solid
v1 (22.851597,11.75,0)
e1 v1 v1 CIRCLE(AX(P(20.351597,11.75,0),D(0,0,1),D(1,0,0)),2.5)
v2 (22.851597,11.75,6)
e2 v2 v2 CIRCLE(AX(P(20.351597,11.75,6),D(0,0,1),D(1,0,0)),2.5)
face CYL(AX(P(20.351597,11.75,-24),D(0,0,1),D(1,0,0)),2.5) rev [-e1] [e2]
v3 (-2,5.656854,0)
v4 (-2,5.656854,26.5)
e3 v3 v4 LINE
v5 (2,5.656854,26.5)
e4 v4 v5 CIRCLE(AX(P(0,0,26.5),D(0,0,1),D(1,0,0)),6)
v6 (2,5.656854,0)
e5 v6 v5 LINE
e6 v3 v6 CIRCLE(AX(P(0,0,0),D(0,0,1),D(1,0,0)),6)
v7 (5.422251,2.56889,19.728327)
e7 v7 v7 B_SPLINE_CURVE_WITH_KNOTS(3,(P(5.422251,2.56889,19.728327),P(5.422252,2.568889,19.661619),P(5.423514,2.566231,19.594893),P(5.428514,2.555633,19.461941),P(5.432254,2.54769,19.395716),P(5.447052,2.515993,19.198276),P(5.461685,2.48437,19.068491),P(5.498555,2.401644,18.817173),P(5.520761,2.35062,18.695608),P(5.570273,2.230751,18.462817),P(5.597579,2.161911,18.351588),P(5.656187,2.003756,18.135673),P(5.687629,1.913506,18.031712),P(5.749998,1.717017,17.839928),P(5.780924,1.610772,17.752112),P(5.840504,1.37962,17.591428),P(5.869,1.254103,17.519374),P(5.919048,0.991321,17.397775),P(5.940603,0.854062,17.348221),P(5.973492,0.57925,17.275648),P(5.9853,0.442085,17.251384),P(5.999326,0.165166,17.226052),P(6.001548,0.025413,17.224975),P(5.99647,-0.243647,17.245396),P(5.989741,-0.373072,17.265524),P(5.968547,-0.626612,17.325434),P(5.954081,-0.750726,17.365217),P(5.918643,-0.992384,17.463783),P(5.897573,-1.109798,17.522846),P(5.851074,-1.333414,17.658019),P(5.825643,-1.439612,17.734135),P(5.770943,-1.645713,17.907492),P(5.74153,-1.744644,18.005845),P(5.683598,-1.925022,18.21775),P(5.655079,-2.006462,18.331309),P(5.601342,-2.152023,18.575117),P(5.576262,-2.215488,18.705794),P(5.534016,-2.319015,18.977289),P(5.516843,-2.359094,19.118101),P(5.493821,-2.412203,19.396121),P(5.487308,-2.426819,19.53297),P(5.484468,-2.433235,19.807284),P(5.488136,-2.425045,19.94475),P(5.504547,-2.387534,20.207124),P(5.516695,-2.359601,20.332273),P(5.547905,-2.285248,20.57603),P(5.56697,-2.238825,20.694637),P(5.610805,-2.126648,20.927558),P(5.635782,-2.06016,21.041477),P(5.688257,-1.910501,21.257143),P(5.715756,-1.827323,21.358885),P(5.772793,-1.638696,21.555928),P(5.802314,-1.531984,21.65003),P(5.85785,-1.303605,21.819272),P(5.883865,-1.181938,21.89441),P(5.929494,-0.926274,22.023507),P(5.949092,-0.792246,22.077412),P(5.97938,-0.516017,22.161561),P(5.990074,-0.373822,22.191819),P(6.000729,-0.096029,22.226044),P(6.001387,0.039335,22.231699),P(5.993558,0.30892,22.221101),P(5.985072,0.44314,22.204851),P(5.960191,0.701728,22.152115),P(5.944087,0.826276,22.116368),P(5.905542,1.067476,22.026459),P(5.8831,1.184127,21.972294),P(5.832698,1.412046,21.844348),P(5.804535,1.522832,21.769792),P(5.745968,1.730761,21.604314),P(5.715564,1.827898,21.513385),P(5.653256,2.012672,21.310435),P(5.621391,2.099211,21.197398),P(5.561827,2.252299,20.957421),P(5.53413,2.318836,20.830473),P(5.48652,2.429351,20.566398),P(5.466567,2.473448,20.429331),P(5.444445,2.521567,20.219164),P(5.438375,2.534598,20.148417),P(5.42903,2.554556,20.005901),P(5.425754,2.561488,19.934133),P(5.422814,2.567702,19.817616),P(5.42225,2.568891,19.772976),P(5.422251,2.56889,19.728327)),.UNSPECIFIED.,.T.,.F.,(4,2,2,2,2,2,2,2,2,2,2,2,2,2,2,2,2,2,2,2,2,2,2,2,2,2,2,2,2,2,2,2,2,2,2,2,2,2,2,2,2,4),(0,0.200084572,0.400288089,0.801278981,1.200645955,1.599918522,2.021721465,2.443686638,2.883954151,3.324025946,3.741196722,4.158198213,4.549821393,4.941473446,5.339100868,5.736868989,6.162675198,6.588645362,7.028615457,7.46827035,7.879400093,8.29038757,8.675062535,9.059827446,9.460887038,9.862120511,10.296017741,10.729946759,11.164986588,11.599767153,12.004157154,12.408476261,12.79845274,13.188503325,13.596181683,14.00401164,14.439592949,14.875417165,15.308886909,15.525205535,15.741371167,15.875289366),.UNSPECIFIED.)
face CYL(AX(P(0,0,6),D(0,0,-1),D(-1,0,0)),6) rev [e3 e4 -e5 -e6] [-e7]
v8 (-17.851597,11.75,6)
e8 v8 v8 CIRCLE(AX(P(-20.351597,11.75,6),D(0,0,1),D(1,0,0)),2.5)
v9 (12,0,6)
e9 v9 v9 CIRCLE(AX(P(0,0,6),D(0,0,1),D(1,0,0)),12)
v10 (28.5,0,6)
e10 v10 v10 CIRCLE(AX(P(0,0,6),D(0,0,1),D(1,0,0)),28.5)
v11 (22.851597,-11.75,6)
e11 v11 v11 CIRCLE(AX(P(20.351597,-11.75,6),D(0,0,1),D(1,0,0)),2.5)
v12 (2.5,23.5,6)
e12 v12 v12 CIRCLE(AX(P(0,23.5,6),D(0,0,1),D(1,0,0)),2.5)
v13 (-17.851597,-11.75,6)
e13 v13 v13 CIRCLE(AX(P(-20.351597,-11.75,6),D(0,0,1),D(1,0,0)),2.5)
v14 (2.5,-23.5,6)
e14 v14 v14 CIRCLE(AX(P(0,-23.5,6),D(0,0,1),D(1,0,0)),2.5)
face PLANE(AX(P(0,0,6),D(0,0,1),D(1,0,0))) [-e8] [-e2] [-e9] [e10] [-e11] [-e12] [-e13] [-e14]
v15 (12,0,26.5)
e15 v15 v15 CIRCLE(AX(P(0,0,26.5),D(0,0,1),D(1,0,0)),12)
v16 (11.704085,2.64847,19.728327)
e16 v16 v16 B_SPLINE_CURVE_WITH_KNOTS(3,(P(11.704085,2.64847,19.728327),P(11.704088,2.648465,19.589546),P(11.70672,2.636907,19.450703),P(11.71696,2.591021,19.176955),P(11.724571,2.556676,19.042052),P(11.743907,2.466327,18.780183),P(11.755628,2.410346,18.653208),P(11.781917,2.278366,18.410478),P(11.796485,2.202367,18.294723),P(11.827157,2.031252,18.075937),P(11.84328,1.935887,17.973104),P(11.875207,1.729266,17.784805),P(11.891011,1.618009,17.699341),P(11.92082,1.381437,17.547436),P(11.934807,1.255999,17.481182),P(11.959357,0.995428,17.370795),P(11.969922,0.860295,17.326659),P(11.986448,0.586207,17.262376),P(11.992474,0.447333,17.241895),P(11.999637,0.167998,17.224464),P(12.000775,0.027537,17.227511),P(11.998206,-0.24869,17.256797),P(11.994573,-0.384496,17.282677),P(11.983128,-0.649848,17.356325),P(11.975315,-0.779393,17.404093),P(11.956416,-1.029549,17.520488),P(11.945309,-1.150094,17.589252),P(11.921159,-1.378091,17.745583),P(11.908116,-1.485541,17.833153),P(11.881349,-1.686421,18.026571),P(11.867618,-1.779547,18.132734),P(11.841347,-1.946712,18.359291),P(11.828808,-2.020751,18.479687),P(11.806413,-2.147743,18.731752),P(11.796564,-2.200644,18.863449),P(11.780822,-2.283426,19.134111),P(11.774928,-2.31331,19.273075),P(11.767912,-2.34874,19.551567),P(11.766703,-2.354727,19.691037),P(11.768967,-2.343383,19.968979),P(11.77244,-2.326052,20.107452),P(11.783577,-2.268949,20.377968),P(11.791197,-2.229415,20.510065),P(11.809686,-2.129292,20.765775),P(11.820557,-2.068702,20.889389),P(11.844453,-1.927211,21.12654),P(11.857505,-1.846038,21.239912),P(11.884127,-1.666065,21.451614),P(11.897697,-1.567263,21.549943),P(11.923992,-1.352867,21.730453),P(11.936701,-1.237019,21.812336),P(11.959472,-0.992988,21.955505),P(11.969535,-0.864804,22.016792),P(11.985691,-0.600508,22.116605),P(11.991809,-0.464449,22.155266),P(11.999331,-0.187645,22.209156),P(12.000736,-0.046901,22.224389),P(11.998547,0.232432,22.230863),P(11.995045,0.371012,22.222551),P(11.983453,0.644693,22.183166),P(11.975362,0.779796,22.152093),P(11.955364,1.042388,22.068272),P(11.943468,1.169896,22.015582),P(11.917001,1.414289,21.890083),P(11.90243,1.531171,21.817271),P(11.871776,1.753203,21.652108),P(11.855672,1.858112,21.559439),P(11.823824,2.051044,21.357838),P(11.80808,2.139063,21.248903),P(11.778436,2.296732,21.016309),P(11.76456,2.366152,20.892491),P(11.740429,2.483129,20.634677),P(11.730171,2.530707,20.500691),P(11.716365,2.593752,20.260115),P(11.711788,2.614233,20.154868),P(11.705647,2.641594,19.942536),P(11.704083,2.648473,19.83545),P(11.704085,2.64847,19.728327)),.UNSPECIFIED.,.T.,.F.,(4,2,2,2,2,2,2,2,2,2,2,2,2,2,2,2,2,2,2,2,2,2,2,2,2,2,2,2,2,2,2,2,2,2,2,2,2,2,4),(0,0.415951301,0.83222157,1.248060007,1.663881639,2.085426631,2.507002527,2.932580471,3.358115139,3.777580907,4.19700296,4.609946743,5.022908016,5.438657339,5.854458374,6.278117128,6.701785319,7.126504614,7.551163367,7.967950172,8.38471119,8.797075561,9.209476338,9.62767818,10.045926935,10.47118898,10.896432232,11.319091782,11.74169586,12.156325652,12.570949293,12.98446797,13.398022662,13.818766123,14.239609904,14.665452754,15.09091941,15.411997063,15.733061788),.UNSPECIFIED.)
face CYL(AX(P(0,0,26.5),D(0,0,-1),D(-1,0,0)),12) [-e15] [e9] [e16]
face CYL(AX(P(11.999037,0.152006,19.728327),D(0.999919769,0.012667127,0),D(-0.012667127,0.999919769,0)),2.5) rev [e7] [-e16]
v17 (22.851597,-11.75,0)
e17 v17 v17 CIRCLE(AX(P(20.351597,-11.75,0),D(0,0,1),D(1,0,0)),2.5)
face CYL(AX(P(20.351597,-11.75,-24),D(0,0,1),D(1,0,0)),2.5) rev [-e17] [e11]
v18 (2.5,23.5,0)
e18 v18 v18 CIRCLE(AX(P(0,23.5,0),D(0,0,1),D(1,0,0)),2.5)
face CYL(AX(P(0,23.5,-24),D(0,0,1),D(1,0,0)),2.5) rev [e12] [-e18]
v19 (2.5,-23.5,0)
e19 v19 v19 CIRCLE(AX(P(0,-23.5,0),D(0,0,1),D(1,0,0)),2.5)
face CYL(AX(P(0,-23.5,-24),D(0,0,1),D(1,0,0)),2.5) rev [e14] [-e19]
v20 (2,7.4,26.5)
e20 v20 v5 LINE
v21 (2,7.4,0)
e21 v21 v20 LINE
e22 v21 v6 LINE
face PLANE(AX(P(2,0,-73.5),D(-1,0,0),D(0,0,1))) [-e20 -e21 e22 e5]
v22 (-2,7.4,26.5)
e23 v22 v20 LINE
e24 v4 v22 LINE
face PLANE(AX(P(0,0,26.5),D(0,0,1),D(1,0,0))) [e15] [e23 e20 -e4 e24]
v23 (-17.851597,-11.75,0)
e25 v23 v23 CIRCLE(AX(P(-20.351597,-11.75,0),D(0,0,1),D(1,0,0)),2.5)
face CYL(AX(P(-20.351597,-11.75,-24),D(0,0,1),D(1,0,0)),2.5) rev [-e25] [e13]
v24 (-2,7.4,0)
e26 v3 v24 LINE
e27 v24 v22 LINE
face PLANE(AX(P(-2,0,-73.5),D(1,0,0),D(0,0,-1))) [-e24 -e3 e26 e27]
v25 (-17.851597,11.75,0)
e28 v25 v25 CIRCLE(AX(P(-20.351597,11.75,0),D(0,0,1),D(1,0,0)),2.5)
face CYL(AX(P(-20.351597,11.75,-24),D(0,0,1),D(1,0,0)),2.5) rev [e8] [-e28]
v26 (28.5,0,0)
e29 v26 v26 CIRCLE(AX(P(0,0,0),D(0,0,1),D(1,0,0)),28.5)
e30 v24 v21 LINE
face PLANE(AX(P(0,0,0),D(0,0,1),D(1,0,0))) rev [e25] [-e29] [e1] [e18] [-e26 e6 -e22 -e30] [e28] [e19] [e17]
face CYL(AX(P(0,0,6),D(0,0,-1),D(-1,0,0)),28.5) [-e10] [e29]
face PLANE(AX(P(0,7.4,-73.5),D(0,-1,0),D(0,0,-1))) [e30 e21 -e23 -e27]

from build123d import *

# Parameters (mm, degrees)
SKETCH_1_R              = 28.5
SKETCH_1_R_2            = 6
EXTRUDE_1_DEPTH         = 6
SKETCH_2_R              = 12
SKETCH_2_R_2            = 6
EXTRUDE_2_DEPTH         = 20.5
HOLE_WIZARD_1_4_1_D     = 4.999999906
HOLE_WIZARD_1_4_1_DEPTH = 10
SKETCH_5_R              = 2.5
CUT_EXTRUDE_1_DEPTH     = 30
CUT_EXTRUDE_START       = -100
CUT_EXTRUDE_2_DEPTH     = 100


with BuildPart() as part:
    # ｽｹｯﾁ1 → ﾎﾞｽ - 押し出し1 (new body)
    with BuildSketch(Plane.XY):
        Circle(SKETCH_1_R)
        Circle(SKETCH_1_R_2, mode=Mode.SUBTRACT)
    extrude(amount=EXTRUDE_1_DEPTH)

    # ｽｹｯﾁ2 → ﾎﾞｽ - 押し出し2 (add)
    with BuildSketch(Plane.XY.offset(6)):
        Circle(SKETCH_2_R)
        Circle(SKETCH_2_R_2, mode=Mode.SUBTRACT)
    extrude(amount=EXTRUDE_2_DEPTH)

    # 1/4 すきま穴1
    with Locations(Plane(origin=(11.999037225, 0.152005526, 19.728327371), x_dir=(-0.012667127201, 0.999919768726, 0), z_dir=(0.999919768726, 0.012667127201, 0))):
        with Locations((0, 0)):
            Hole(HOLE_WIZARD_1_4_1_D / 2, depth=HOLE_WIZARD_1_4_1_DEPTH)

    # ｽｹｯﾁ5 → ｶｯﾄ - 押し出し1 (cut)
    with BuildSketch(Plane.XY.offset(6)):
        with BuildLine():
            ThreePointArc((-17.851596989, 11.75), (-17.936782423, 12.397047613), (-18.186533479, 13))
            Line((-18.186533479, 13), (-20.351596989, 11.75))
            Line((-20.351596989, 11.75), (-20.351596989, 9.25))
            ThreePointArc((-20.351596989, 9.25), (-18.583830036, 9.982233047), (-17.851596989, 11.75))
        make_face()
        with BuildLine():
            Line((-20.351596989, 11.75), (-18.186533479, 13))
            ThreePointArc((-18.186533479, 13), (-22.516660498, 13), (-20.351596989, 9.25))
            Line((-20.351596989, 9.25), (-20.351596989, 11.75))
        make_face()
        with BuildLine():
            ThreePointArc((22.851596989, 11.75), (20.998644602, 14.164814566), (18.186533479, 13))
            Line((18.186533479, 13), (20.351596989, 11.75))
            Line((20.351596989, 11.75), (20.351596989, 9.25))
            ThreePointArc((20.351596989, 9.25), (22.119363942, 9.982233047), (22.851596989, 11.75))
        make_face()
        with BuildLine():
            Line((20.351596989, 11.75), (18.186533479, 13))
            ThreePointArc((18.186533479, 13), (18.186533479, 10.5), (20.351596989, 9.25))
            Line((20.351596989, 9.25), (20.351596989, 11.75))
        make_face()
        with Locations((0, 23.5)):
            Circle(SKETCH_5_R)
        with Locations((-20.351596989, -11.75)):
            Circle(SKETCH_5_R)
        with Locations((0, -23.5)):
            Circle(SKETCH_5_R)
        with Locations((20.351596989, -11.75)):
            Circle(SKETCH_5_R)
    extrude(amount=-CUT_EXTRUDE_1_DEPTH, mode=Mode.SUBTRACT)

    # ｽｹｯﾁ6 → ｶｯﾄ - 押し出し2 (cut)
    with BuildSketch(Plane.XY.offset(26.5).offset(CUT_EXTRUDE_START)):
        with BuildLine():
            Line((-2, 7.4), (-2, 5.656854249))
            ThreePointArc((-2, 5.656854249), (0, 6), (2, 5.656854249))
            Line((2, 5.656854249), (2, 7.4))
            Line((2, 7.4), (-2, 7.4))
        make_face()
    extrude(amount=CUT_EXTRUDE_2_DEPTH, mode=Mode.SUBTRACT)


solid = part.part
